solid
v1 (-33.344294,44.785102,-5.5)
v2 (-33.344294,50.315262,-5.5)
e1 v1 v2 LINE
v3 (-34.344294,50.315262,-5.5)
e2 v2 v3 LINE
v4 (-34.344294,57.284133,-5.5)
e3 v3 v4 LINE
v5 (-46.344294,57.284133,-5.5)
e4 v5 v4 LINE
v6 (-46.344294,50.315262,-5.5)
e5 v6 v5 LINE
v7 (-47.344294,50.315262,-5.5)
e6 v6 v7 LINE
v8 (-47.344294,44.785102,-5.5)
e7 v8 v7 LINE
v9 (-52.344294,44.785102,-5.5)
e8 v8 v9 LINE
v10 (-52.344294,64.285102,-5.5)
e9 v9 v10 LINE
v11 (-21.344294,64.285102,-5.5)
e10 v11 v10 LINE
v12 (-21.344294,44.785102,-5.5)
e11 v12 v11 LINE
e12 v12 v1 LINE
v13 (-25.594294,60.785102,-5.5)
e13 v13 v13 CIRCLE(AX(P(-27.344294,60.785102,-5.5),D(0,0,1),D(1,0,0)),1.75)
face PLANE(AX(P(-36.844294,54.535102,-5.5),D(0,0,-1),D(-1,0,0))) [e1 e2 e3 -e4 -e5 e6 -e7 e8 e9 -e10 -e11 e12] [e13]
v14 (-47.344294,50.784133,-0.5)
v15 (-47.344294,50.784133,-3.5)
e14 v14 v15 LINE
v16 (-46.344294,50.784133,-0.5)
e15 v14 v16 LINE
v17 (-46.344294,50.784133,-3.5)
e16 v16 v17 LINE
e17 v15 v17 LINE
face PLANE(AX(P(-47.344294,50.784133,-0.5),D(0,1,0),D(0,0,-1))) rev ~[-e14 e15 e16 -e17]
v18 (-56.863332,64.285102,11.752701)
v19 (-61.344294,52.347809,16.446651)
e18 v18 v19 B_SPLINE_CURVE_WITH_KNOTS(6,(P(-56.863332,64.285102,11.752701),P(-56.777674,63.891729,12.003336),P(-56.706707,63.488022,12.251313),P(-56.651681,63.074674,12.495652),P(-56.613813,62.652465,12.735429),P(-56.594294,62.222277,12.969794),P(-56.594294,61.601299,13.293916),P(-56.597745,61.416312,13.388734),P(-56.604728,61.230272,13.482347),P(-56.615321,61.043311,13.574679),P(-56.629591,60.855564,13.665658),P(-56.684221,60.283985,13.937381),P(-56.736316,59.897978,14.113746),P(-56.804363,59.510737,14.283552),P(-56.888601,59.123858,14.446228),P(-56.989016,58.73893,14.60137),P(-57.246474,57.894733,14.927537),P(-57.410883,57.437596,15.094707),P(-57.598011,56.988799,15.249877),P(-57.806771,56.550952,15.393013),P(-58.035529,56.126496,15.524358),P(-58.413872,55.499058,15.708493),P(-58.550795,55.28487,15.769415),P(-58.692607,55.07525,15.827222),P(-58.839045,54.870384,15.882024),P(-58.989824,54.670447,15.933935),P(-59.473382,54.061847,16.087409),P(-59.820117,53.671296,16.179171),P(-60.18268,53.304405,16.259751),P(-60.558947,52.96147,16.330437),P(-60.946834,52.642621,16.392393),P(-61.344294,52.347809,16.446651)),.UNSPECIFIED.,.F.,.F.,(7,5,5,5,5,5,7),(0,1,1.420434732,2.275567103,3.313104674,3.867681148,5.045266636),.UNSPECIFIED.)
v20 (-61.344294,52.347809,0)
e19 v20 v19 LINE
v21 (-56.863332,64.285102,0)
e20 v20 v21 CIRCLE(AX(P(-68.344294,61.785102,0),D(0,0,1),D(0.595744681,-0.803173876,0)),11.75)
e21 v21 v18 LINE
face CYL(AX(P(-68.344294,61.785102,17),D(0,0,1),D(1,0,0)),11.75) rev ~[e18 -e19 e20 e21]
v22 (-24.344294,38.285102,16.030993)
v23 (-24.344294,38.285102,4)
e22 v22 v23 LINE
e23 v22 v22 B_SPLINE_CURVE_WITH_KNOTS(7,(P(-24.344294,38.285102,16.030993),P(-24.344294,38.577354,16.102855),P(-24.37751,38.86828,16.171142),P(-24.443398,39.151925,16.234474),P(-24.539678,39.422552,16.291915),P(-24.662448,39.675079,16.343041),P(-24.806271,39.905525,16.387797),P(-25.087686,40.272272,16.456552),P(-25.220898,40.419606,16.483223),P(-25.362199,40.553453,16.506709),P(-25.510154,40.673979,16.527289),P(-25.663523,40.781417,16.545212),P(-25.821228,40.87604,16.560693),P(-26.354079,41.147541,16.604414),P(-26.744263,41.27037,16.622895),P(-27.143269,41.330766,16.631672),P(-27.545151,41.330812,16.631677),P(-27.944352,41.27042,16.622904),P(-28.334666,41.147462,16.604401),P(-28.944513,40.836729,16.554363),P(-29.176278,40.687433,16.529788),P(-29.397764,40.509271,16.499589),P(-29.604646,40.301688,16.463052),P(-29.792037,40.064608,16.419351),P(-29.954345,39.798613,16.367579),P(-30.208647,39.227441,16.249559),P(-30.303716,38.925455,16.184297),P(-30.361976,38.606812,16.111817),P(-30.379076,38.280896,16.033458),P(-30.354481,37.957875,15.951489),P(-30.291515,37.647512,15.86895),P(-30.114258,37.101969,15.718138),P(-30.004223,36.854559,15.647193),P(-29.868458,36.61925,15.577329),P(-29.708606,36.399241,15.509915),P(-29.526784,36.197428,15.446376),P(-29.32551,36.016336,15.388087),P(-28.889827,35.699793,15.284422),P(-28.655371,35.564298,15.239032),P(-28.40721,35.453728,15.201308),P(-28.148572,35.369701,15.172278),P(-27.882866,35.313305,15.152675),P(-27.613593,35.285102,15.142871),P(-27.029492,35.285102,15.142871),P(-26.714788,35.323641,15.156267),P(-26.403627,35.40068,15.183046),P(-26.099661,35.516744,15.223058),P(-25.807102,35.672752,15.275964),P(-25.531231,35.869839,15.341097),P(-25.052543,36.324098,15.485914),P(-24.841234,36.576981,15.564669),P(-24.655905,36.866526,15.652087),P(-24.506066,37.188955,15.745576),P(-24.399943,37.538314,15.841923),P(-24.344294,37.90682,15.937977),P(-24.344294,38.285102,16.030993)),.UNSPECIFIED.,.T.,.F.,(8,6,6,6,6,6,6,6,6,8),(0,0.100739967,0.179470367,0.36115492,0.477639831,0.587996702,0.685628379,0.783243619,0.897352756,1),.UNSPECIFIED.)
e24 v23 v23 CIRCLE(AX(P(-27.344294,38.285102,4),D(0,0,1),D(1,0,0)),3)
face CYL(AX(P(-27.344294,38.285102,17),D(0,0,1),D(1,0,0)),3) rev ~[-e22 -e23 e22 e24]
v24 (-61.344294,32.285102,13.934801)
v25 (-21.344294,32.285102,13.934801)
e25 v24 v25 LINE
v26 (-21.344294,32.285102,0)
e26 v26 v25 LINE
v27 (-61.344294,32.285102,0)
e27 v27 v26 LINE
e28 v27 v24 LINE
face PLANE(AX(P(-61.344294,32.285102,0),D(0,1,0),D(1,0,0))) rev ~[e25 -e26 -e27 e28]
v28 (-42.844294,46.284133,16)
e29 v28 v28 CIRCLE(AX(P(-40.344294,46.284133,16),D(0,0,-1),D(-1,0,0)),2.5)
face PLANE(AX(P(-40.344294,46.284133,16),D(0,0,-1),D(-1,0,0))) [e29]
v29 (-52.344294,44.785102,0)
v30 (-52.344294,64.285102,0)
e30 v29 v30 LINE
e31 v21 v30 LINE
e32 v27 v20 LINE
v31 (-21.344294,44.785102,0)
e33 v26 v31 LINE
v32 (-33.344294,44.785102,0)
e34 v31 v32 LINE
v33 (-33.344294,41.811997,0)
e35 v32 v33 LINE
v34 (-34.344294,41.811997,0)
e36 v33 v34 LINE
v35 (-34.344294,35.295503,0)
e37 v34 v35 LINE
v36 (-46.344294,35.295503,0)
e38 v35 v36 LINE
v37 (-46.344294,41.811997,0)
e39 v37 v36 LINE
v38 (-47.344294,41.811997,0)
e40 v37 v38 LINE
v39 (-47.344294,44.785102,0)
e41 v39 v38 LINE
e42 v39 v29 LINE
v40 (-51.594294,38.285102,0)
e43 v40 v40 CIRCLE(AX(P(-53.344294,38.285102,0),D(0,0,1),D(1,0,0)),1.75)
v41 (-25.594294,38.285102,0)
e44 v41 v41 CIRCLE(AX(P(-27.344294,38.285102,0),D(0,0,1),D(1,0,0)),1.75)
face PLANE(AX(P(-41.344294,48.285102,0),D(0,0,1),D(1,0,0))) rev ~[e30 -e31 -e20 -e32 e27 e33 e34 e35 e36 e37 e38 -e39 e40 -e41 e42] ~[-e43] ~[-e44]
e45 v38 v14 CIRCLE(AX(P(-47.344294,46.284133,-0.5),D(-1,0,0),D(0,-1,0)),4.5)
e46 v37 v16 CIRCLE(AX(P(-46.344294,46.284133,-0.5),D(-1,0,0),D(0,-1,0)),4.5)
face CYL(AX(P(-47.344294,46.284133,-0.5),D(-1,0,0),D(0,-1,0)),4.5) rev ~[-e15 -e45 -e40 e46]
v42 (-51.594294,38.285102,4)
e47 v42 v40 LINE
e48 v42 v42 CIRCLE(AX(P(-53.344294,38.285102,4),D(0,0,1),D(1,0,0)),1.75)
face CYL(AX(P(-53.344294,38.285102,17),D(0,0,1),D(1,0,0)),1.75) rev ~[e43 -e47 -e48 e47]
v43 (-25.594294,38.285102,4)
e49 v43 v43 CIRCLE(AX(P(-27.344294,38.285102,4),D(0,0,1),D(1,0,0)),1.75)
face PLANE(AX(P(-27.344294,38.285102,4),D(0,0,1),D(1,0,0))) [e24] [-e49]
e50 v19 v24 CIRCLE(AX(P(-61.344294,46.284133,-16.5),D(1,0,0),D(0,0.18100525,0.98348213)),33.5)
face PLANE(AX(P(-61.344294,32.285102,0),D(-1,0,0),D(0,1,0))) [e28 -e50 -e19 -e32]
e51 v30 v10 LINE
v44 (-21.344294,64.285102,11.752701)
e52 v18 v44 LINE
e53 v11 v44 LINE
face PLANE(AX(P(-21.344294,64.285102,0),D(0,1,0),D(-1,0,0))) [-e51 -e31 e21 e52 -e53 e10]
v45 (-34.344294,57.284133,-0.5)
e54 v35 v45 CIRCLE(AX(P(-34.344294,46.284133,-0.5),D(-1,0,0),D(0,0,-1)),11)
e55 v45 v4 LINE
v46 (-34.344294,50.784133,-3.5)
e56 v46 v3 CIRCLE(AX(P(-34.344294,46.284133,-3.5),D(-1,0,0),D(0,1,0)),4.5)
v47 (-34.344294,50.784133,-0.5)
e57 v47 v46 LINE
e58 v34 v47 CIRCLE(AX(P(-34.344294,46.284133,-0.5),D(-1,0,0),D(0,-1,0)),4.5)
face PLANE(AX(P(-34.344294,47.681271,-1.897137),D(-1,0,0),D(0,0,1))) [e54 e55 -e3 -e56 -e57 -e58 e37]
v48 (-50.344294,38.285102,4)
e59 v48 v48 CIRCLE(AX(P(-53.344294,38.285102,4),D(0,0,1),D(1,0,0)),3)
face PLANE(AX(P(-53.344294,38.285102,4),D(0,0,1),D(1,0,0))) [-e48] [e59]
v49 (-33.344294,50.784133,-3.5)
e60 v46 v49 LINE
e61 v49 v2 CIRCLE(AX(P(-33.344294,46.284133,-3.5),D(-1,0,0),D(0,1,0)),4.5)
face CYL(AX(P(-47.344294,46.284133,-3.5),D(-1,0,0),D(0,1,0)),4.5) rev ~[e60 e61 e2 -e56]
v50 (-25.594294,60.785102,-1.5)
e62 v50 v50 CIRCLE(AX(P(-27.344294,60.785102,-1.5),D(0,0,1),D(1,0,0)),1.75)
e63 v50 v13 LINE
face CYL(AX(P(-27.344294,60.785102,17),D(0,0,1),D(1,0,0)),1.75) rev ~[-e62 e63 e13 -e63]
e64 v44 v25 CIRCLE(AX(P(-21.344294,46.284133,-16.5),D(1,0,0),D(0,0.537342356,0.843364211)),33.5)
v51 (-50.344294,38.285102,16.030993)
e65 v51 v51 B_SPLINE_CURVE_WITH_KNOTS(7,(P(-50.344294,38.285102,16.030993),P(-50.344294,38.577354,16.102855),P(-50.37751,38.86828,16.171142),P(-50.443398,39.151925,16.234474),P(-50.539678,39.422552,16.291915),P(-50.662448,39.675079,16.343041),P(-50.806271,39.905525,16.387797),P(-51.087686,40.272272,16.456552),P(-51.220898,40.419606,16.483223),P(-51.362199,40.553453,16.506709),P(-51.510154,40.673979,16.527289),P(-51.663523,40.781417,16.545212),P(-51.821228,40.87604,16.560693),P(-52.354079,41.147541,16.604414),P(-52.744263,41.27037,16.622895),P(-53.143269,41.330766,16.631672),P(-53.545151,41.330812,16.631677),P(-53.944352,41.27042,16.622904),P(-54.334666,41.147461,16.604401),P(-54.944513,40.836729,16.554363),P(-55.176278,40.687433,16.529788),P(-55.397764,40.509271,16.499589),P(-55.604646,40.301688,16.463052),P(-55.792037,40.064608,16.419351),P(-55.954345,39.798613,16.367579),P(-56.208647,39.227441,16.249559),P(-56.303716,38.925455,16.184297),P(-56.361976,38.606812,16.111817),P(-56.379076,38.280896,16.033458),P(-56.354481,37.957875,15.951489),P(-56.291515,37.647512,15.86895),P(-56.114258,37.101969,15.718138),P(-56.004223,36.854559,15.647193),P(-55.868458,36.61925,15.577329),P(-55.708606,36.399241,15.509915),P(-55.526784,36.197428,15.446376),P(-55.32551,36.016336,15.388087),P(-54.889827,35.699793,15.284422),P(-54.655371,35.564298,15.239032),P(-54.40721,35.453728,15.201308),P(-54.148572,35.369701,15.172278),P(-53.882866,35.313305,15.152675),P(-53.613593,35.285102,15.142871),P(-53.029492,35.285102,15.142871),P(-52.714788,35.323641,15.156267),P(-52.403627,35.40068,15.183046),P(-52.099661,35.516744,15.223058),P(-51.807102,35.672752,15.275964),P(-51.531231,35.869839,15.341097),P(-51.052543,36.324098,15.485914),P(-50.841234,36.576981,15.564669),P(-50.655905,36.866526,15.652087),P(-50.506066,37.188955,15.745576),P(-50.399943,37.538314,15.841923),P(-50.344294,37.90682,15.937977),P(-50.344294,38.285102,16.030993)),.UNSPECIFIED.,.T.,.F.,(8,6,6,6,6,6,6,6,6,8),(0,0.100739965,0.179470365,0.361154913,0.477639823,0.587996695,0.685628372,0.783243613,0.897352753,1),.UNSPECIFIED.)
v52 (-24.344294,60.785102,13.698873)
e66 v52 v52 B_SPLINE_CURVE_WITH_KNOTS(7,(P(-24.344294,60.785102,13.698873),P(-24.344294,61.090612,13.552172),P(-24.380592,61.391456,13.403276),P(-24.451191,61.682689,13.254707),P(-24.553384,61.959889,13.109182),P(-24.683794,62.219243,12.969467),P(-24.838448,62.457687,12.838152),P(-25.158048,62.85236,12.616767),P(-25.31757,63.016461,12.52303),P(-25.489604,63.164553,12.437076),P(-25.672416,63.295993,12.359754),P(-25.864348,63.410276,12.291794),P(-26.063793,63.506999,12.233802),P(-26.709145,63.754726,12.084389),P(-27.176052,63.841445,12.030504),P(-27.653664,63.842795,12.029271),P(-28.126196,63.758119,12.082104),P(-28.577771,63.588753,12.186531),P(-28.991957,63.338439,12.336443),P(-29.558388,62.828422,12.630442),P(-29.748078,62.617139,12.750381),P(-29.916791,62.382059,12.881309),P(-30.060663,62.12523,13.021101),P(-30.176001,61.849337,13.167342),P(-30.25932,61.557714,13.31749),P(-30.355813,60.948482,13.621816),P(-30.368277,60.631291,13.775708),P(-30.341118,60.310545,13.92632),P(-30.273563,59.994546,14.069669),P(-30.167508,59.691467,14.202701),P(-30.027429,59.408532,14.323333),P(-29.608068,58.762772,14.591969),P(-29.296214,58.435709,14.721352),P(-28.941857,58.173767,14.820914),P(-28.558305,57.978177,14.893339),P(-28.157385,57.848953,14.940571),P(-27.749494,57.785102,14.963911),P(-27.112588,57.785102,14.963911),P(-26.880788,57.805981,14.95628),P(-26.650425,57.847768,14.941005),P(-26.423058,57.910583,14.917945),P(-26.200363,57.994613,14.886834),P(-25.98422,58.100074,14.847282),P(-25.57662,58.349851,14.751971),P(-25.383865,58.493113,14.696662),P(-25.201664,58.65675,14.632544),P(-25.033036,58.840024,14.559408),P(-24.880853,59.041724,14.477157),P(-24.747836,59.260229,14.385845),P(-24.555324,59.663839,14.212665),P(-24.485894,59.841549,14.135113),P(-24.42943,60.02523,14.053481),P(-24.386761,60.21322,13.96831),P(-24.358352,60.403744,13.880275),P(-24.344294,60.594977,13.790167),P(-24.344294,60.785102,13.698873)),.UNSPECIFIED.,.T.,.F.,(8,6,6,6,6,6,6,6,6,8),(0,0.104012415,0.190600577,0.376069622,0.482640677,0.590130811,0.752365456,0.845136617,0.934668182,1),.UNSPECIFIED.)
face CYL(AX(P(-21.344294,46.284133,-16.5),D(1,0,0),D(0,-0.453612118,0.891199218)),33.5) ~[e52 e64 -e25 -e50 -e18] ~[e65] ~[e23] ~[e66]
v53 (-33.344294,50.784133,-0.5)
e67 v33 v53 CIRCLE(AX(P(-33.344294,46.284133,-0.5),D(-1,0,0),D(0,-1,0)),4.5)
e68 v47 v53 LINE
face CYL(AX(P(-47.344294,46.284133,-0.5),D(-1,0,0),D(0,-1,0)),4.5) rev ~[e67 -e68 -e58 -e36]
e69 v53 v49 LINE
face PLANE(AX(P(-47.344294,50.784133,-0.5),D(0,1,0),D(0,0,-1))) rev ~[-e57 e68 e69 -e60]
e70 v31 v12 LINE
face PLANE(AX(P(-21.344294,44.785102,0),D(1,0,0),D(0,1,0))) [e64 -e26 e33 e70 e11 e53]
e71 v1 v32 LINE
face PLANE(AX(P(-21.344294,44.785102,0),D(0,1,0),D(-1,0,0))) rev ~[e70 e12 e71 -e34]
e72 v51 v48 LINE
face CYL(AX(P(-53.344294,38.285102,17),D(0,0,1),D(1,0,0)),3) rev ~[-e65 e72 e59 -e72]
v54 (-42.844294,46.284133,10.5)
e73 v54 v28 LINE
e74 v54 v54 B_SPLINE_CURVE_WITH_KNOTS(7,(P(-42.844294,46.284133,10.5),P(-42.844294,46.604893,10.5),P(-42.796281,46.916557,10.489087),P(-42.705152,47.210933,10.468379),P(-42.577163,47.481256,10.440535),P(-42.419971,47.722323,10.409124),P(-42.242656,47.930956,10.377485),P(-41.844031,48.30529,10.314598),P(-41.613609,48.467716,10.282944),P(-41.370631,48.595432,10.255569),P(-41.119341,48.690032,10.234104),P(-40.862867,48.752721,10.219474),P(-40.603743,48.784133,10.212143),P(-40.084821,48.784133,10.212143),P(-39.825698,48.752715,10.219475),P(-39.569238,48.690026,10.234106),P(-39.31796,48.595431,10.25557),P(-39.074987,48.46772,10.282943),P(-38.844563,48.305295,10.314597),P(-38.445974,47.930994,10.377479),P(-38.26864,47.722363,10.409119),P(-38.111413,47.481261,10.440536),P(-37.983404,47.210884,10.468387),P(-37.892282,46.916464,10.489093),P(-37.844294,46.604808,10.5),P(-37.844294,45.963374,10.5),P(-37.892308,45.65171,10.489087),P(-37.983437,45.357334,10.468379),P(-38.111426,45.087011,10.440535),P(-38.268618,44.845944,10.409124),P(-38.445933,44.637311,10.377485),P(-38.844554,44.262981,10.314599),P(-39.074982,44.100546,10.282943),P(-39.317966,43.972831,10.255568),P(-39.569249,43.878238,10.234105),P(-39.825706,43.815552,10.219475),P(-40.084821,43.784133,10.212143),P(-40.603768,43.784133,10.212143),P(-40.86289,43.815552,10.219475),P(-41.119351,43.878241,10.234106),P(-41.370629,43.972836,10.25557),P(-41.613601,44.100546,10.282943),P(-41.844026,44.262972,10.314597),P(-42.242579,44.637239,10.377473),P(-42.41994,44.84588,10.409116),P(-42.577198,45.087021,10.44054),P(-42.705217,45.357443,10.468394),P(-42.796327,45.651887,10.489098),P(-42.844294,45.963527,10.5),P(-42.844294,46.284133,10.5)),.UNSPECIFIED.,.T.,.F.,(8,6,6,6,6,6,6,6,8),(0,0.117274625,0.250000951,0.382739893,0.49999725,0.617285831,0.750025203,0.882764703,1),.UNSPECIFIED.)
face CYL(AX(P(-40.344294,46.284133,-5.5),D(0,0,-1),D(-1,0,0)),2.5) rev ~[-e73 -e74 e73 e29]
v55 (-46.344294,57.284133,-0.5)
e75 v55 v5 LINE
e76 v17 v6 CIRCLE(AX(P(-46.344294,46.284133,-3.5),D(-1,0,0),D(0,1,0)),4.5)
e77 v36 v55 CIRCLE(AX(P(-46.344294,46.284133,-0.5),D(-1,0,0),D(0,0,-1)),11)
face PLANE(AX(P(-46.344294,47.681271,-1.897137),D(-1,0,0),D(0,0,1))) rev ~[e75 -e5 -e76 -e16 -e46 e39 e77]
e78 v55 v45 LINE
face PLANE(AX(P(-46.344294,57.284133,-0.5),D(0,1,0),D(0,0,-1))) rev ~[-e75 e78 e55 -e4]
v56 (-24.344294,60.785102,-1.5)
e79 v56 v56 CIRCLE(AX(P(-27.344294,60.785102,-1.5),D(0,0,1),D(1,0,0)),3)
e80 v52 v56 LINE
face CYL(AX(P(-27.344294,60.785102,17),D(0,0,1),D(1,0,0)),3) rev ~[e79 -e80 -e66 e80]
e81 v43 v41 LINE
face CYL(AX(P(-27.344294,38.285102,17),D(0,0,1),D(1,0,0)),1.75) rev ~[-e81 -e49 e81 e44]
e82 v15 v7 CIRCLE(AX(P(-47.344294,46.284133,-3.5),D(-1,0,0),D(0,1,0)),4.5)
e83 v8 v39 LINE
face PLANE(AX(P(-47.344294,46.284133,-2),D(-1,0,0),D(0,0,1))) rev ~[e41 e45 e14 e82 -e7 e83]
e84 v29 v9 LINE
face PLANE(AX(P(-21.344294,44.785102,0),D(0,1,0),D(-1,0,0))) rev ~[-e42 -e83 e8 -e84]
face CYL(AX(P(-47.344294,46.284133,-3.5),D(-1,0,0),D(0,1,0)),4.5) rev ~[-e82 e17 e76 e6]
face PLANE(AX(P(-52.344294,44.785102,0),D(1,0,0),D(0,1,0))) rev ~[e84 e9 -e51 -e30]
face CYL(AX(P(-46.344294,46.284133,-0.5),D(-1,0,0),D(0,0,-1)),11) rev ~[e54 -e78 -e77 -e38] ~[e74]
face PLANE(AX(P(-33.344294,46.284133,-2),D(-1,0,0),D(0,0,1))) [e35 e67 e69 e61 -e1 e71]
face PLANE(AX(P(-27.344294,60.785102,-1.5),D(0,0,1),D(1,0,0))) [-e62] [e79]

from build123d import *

# Parameters (mm, degrees)
SKETCH1_W               = 40
SKETCH1_H               = 32
BOSS_EXTRUDE1_DEPTH     = 17
SKETCH3_W               = 31
SKETCH3_H               = 19.5
BOSS_EXTRUDE2_DEPTH     = 5.5
CUT_EXTRUDE1_REACH      = 93.662
SKETCH2_R               = 1.75
CUT_EXTRUDE2_DEPTH      = 6
CUT_EXTRUDE2_DEPTH_BACK = 6
SKETCH5_R               = 2.5
CUT_EXTRUDE3_DEPTH      = 21.5
SKETCH6_R               = 11.75
CUT_EXTRUDE4_DEPTH      = 22.5
CUT_EXTRUDE5_DEPTH      = 7
CUT_EXTRUDE5_DEPTH_BACK = 7
SKETCH9_R               = 3
CUT_EXTRUDE7_DEPTH      = 13
SKETCH10_R              = 3
CUT_EXTRUDE8_DEPTH      = 18.5
CUT_EXTRUDE6_REACH      = 79.599


with BuildPart() as part:
    # Sketch1 → Boss-Extrude1 (new body)
    with BuildSketch(Plane.XY):
        with Locations((-41.344294363, 48.285102326)):
            Rectangle(SKETCH1_W, SKETCH1_H)
    extrude(amount=BOSS_EXTRUDE1_DEPTH)

    # Sketch3 → Boss-Extrude2 (add)
    with BuildSketch(Plane(origin=(0, 0, 0), x_dir=(-1, 0, 0), z_dir=(0, 0, -1))):
        with Locations((36.844294363, 54.535102326)):
            Rectangle(SKETCH3_W, SKETCH3_H)
    extrude(amount=BOSS_EXTRUDE2_DEPTH)

    # Cut-Extrude1: up to this face of the body (flat: up to its plane)
    cut_extrude1_end = Plane(part.part.faces().sort_by_distance((-36.844294363, 54.535102326, -5.5))[0])
    # Sketch2 → Cut-Extrude1 (cut, up to the picked face)
    with BuildSketch(Plane.XY.offset(17), mode=Mode.PRIVATE) as cut_extrude1_sk1:
        with Locations((-27.344294363, 60.785102326)):
            Circle(SKETCH2_R)
    cut_extrude1_tool1 = split(extrude(cut_extrude1_sk1.sketch, amount=-CUT_EXTRUDE1_REACH, mode=Mode.PRIVATE), bisect_by=cut_extrude1_end, keep=Keep.BOTH, mode=Mode.PRIVATE)
    # Sketch2 → Cut-Extrude1 (cut, up to the picked face)
    with BuildSketch(Plane.XY.offset(17), mode=Mode.PRIVATE) as cut_extrude1_sk2:
        with Locations((-27.344294363, 38.285102326)):
            Circle(SKETCH2_R)
    cut_extrude1_tool2 = split(extrude(cut_extrude1_sk2.sketch, amount=-CUT_EXTRUDE1_REACH, mode=Mode.PRIVATE), bisect_by=cut_extrude1_end, keep=Keep.BOTH, mode=Mode.PRIVATE)
    # Sketch2 → Cut-Extrude1 (cut, up to the picked face)
    with BuildSketch(Plane.XY.offset(17), mode=Mode.PRIVATE) as cut_extrude1_sk3:
        with Locations((-53.344294363, 38.285102326)):
            Circle(SKETCH2_R)
    cut_extrude1_tool3 = split(extrude(cut_extrude1_sk3.sketch, amount=-CUT_EXTRUDE1_REACH, mode=Mode.PRIVATE), bisect_by=cut_extrude1_end, keep=Keep.BOTH, mode=Mode.PRIVATE)
    add(cut_extrude1_tool1.solids().sort_by(Axis((-27.344294, 60.785102, 17), (0, 0, -1)))[0], mode=Mode.SUBTRACT)
    add(cut_extrude1_tool2.solids().sort_by(Axis((-27.344294, 38.285102, 17), (0, 0, -1)))[0], mode=Mode.SUBTRACT)
    add(cut_extrude1_tool3.solids().sort_by(Axis((-53.344294, 38.285102, 17), (0, 0, -1)))[0], mode=Mode.SUBTRACT)

    # Sketch4 → Cut-Extrude2 (cut, two sides: drawn at the far end of the back side and taken through both)
    with BuildSketch(Plane(origin=(-40.344294363, 0, 0), x_dir=(0, 0, -1), z_dir=(1, 0, 0)).offset(-CUT_EXTRUDE2_DEPTH_BACK)):
        with BuildLine():
            Line((0.5, 57.284133416), (11.5, 57.284133416))
            Line((11.5, 57.284133416), (11.5, 46.284133416))
            ThreePointArc((11.5, 46.284133416), (-7.278174593, 38.505958823), (0.5, 57.284133416))
        make_face()
    extrude(amount=CUT_EXTRUDE2_DEPTH + CUT_EXTRUDE2_DEPTH_BACK, mode=Mode.SUBTRACT)

    # Sketch5 → Cut-Extrude3 (cut)
    with BuildSketch(Plane(origin=(0, 0, -5.5), x_dir=(-1, 0, 0), z_dir=(0, 0, -1))):
        with Locations((40.344294363, 46.284133416)):
            Circle(SKETCH5_R)
    extrude(amount=-CUT_EXTRUDE3_DEPTH, mode=Mode.SUBTRACT)

    # Sketch6 → Cut-Extrude4 (cut)
    with BuildSketch(Plane.XY.offset(17)):
        with Locations((-68.344294363, 61.785102326)):
            Circle(SKETCH6_R)
    extrude(amount=-CUT_EXTRUDE4_DEPTH, mode=Mode.SUBTRACT)

    # Sketch7 → Cut-Extrude5 (cut, two sides: drawn at the far end of the back side and taken through both)
    with BuildSketch(Plane(origin=(-40.344294363, 0, 0), x_dir=(0, 0, -1), z_dir=(1, 0, 0)).offset(-CUT_EXTRUDE5_DEPTH_BACK)):
        with BuildLine():
            Line((0.5, 50.784133416), (3.5, 50.784133416))
            ThreePointArc((3.5, 50.784133416), (8, 46.284133416), (3.5, 41.784133416))
            Line((3.5, 41.784133416), (0.5, 41.784133416))
            ThreePointArc((0.5, 41.784133416), (-4, 46.284133416), (0.5, 50.784133416))
        make_face()
    extrude(amount=CUT_EXTRUDE5_DEPTH + CUT_EXTRUDE5_DEPTH_BACK, mode=Mode.SUBTRACT)

    # Sketch9 → Cut-Extrude7 (cut)
    with BuildSketch(Plane.XY.offset(17)):
        with Locations((-27.344294363, 38.285102326)):
            Circle(SKETCH9_R)
        with Locations((-53.344294363, 38.285102326)):
            Circle(SKETCH9_R)
    extrude(amount=-CUT_EXTRUDE7_DEPTH, mode=Mode.SUBTRACT)

    # Sketch10 → Cut-Extrude8 (cut)
    with BuildSketch(Plane.XY.offset(17)):
        with Locations((-27.344294363, 60.785102326)):
            Circle(SKETCH10_R)
    extrude(amount=-CUT_EXTRUDE8_DEPTH, mode=Mode.SUBTRACT)

    # Cut-Extrude6: up to this face of the body (flat: up to its plane)
    cut_extrude6_end = Plane(part.part.faces().sort_by_distance((-61.344294363, 42.316455804, 8.5))[0])
    # Sketch8 → Cut-Extrude6 (cut, up to the picked face)
    with BuildSketch(Plane(origin=(-21.344294363, 0, 0), x_dir=(0, 0, -1), z_dir=(1, 0, 0)), mode=Mode.PRIVATE) as cut_extrude6_sk1:
        with BuildLine():
            Line((-9.261769408, 67.698643379), (-19.68345764, 67.698643379))
            Line((-19.68345764, 67.698643379), (-19.68345764, 31.088127449))
            Line((-19.68345764, 31.088127449), (-13.3551738, 31.088127449))
            ThreePointArc((-13.3551738, 31.088127449), (-16.792545144, 50.006557071), (-9.261769408, 67.698643379))
        make_face()
    cut_extrude6_tool1 = split(extrude(cut_extrude6_sk1.sketch, amount=-CUT_EXTRUDE6_REACH, mode=Mode.PRIVATE), bisect_by=cut_extrude6_end, keep=Keep.BOTH, mode=Mode.PRIVATE)
    add(cut_extrude6_tool1.solids().sort_by(Axis((-21.344294, 51.901758, 16.96141), (-1, 0, 0)))[0], mode=Mode.SUBTRACT)


solid = part.part
